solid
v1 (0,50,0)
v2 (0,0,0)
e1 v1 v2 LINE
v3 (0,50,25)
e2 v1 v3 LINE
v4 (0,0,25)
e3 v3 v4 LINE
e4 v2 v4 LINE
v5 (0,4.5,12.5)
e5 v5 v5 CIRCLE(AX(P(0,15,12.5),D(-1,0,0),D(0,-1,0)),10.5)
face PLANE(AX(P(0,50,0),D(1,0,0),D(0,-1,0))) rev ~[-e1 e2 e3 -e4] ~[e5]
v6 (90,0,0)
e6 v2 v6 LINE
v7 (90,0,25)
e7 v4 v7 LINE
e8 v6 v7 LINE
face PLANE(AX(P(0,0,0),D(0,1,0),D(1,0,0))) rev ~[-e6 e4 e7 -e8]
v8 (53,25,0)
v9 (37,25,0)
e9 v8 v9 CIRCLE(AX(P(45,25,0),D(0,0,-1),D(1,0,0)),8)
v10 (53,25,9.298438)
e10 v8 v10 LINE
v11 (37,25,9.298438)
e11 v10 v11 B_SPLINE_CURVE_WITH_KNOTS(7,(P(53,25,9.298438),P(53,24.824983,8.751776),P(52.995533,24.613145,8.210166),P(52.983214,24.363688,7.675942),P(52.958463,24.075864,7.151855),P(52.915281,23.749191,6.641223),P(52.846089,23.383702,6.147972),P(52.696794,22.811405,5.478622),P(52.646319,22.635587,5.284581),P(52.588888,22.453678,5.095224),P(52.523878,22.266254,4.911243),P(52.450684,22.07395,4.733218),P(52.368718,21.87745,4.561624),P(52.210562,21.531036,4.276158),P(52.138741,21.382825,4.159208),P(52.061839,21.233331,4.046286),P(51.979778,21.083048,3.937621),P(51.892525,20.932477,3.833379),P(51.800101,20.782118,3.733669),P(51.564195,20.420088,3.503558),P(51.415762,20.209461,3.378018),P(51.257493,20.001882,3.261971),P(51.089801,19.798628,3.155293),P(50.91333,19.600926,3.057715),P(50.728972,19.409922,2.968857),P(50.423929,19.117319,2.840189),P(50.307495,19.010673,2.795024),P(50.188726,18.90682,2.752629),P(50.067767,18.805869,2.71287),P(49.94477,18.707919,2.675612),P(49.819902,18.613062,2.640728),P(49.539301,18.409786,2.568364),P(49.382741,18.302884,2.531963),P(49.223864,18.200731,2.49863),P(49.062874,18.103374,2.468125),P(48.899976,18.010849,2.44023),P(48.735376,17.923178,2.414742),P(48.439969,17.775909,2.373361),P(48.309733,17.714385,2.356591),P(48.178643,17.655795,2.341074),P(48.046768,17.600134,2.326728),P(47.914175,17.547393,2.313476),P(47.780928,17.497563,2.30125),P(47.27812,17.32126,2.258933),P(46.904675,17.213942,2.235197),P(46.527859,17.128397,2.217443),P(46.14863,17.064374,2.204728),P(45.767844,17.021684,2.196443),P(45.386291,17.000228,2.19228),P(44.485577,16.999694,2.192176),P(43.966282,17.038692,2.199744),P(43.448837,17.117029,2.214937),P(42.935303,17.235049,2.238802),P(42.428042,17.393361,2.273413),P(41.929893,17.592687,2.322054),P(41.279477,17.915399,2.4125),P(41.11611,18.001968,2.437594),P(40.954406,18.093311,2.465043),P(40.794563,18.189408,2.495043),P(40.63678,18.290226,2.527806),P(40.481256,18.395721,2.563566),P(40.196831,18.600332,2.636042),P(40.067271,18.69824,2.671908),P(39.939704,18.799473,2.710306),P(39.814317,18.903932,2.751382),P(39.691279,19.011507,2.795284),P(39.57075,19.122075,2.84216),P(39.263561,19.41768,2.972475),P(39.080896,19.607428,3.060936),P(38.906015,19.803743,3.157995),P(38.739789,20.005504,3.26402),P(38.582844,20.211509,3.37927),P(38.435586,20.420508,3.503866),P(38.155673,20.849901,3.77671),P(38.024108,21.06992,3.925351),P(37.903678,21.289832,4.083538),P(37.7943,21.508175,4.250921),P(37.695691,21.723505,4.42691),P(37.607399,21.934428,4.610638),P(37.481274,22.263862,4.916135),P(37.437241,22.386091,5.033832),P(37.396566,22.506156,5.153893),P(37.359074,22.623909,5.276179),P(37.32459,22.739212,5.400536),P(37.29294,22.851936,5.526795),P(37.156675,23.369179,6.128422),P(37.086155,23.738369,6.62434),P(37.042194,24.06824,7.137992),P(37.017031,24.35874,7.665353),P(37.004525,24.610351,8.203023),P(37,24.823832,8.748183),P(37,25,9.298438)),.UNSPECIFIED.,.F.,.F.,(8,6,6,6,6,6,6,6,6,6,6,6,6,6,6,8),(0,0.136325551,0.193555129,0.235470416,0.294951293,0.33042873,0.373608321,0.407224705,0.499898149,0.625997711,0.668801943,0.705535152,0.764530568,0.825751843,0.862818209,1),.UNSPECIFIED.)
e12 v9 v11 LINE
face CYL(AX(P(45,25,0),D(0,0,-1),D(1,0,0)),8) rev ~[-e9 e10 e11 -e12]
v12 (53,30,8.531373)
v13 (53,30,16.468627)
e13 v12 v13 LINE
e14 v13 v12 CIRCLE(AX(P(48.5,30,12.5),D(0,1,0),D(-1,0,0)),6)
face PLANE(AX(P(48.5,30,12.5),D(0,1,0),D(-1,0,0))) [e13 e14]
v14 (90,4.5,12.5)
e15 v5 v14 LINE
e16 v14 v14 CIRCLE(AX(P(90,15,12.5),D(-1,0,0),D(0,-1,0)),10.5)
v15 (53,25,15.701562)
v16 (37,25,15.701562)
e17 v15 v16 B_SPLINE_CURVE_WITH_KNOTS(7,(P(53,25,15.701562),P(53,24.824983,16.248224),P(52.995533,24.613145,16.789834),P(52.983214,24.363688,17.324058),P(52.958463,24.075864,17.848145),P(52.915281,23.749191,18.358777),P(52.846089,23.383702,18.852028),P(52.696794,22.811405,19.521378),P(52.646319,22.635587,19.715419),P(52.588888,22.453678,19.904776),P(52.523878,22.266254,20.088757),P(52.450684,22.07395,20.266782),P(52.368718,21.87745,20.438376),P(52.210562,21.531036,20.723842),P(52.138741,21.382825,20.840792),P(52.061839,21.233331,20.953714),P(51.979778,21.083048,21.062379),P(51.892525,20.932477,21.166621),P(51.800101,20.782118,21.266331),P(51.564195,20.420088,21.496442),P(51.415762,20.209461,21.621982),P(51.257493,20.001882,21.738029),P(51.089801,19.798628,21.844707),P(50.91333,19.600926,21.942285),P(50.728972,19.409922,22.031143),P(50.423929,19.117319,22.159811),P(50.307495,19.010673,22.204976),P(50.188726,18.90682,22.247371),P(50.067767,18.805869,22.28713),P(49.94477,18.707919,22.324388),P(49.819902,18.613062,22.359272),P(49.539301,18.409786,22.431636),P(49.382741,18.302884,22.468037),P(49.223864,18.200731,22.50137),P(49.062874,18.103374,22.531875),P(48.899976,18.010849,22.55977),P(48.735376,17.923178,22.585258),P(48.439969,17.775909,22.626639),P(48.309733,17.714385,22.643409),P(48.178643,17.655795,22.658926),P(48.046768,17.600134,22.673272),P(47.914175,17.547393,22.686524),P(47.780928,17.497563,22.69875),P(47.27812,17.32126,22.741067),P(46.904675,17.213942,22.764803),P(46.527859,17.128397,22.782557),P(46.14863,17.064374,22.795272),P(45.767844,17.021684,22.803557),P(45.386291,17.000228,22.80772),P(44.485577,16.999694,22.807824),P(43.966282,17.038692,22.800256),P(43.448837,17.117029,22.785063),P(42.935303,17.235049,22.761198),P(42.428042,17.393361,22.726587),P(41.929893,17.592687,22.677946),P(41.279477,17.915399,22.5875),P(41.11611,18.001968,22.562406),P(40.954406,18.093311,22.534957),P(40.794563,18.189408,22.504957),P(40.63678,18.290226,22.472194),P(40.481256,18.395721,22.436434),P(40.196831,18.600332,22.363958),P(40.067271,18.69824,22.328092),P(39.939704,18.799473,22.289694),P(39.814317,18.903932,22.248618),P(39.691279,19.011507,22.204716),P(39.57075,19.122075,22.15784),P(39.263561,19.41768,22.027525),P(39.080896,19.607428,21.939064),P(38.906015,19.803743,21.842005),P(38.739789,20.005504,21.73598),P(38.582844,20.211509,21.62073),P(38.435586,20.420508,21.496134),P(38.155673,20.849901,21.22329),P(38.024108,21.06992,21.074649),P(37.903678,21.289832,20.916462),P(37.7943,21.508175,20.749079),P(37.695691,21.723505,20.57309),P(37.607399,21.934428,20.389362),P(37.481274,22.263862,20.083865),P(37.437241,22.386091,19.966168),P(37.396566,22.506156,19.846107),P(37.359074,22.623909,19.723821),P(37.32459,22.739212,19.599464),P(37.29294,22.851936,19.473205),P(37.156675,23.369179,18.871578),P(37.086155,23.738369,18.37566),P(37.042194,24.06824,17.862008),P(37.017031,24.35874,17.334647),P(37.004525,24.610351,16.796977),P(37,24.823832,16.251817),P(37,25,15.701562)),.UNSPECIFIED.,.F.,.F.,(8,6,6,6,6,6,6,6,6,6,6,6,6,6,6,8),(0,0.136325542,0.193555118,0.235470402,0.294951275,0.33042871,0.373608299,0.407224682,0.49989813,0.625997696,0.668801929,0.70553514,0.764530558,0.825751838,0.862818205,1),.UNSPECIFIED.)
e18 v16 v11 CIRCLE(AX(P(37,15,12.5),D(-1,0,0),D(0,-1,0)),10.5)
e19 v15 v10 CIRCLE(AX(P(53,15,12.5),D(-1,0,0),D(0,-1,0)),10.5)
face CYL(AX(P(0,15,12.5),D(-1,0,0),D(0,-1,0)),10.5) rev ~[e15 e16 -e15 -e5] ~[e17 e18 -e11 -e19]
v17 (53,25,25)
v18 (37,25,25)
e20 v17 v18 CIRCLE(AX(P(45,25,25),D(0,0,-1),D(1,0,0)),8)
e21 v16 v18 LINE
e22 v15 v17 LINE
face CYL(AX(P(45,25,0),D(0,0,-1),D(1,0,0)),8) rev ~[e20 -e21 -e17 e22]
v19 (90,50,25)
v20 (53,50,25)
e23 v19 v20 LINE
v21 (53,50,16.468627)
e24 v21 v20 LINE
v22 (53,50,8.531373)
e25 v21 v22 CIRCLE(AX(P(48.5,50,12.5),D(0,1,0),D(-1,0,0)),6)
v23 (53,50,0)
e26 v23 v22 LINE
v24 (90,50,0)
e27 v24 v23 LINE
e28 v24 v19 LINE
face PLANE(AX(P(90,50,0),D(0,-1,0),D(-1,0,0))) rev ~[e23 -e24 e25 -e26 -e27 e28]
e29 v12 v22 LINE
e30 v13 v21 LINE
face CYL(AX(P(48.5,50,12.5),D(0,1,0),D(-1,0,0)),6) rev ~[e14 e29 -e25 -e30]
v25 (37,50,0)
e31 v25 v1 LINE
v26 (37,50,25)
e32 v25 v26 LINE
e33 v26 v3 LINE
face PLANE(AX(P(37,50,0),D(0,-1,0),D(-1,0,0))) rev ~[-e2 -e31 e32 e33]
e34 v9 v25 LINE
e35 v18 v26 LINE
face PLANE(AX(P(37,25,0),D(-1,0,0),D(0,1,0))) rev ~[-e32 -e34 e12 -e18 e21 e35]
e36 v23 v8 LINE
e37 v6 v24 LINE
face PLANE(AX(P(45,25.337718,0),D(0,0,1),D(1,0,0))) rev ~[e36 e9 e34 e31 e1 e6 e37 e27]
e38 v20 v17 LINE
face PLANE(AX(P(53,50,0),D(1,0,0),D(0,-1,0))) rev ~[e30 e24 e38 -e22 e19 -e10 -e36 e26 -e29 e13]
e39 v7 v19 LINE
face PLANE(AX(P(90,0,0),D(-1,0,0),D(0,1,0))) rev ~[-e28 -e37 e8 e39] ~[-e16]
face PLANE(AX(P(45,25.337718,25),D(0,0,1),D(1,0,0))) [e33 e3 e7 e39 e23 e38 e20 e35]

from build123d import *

# Parameters (mm, degrees)
F1_DEPTH = 25
F2_R     = 10.5
F3_DEPTH = 90.001
F4_R     = 6
F5_DEPTH = 20


with BuildPart() as f1:
    # F0 (on Top) → F1 (new body)
    with BuildSketch(Plane.XY):
        with BuildLine():
            Line((0, 50), (0, 0))
            Line((0, 0), (90, 0))
            Line((90, 0), (90, 50))
            Line((90, 50), (53, 50))
            Line((53, 50), (53, 25))
            ThreePointArc((53, 25), (45, 17), (37, 25))
            Line((37, 25), (37, 50))
            Line((37, 50), (0, 50))
        make_face()
    extrude(amount=F1_DEPTH)

    # F2 (on face) → F3 (cut, through all)
    with BuildSketch(Plane(origin=(0, 0, 0), x_dir=(0, -1, 0), z_dir=(-1, 0, 0))):
        with Locations((-15, 12.5)):
            Circle(F2_R)
    extrude(amount=-F3_DEPTH, mode=Mode.SUBTRACT)

    # F4 (on face) → F5 (cut)
    with BuildSketch(Plane(origin=(0, 50, 0), x_dir=(-1, 0, 0), z_dir=(0, 1, 0))):
        with Locations((-48.5, 12.5)):
            Circle(F4_R)
        with Locations((11.5, 12.5)):
            Circle(F4_R)
    extrude(amount=-F5_DEPTH, mode=Mode.SUBTRACT)


solid = f1.part
